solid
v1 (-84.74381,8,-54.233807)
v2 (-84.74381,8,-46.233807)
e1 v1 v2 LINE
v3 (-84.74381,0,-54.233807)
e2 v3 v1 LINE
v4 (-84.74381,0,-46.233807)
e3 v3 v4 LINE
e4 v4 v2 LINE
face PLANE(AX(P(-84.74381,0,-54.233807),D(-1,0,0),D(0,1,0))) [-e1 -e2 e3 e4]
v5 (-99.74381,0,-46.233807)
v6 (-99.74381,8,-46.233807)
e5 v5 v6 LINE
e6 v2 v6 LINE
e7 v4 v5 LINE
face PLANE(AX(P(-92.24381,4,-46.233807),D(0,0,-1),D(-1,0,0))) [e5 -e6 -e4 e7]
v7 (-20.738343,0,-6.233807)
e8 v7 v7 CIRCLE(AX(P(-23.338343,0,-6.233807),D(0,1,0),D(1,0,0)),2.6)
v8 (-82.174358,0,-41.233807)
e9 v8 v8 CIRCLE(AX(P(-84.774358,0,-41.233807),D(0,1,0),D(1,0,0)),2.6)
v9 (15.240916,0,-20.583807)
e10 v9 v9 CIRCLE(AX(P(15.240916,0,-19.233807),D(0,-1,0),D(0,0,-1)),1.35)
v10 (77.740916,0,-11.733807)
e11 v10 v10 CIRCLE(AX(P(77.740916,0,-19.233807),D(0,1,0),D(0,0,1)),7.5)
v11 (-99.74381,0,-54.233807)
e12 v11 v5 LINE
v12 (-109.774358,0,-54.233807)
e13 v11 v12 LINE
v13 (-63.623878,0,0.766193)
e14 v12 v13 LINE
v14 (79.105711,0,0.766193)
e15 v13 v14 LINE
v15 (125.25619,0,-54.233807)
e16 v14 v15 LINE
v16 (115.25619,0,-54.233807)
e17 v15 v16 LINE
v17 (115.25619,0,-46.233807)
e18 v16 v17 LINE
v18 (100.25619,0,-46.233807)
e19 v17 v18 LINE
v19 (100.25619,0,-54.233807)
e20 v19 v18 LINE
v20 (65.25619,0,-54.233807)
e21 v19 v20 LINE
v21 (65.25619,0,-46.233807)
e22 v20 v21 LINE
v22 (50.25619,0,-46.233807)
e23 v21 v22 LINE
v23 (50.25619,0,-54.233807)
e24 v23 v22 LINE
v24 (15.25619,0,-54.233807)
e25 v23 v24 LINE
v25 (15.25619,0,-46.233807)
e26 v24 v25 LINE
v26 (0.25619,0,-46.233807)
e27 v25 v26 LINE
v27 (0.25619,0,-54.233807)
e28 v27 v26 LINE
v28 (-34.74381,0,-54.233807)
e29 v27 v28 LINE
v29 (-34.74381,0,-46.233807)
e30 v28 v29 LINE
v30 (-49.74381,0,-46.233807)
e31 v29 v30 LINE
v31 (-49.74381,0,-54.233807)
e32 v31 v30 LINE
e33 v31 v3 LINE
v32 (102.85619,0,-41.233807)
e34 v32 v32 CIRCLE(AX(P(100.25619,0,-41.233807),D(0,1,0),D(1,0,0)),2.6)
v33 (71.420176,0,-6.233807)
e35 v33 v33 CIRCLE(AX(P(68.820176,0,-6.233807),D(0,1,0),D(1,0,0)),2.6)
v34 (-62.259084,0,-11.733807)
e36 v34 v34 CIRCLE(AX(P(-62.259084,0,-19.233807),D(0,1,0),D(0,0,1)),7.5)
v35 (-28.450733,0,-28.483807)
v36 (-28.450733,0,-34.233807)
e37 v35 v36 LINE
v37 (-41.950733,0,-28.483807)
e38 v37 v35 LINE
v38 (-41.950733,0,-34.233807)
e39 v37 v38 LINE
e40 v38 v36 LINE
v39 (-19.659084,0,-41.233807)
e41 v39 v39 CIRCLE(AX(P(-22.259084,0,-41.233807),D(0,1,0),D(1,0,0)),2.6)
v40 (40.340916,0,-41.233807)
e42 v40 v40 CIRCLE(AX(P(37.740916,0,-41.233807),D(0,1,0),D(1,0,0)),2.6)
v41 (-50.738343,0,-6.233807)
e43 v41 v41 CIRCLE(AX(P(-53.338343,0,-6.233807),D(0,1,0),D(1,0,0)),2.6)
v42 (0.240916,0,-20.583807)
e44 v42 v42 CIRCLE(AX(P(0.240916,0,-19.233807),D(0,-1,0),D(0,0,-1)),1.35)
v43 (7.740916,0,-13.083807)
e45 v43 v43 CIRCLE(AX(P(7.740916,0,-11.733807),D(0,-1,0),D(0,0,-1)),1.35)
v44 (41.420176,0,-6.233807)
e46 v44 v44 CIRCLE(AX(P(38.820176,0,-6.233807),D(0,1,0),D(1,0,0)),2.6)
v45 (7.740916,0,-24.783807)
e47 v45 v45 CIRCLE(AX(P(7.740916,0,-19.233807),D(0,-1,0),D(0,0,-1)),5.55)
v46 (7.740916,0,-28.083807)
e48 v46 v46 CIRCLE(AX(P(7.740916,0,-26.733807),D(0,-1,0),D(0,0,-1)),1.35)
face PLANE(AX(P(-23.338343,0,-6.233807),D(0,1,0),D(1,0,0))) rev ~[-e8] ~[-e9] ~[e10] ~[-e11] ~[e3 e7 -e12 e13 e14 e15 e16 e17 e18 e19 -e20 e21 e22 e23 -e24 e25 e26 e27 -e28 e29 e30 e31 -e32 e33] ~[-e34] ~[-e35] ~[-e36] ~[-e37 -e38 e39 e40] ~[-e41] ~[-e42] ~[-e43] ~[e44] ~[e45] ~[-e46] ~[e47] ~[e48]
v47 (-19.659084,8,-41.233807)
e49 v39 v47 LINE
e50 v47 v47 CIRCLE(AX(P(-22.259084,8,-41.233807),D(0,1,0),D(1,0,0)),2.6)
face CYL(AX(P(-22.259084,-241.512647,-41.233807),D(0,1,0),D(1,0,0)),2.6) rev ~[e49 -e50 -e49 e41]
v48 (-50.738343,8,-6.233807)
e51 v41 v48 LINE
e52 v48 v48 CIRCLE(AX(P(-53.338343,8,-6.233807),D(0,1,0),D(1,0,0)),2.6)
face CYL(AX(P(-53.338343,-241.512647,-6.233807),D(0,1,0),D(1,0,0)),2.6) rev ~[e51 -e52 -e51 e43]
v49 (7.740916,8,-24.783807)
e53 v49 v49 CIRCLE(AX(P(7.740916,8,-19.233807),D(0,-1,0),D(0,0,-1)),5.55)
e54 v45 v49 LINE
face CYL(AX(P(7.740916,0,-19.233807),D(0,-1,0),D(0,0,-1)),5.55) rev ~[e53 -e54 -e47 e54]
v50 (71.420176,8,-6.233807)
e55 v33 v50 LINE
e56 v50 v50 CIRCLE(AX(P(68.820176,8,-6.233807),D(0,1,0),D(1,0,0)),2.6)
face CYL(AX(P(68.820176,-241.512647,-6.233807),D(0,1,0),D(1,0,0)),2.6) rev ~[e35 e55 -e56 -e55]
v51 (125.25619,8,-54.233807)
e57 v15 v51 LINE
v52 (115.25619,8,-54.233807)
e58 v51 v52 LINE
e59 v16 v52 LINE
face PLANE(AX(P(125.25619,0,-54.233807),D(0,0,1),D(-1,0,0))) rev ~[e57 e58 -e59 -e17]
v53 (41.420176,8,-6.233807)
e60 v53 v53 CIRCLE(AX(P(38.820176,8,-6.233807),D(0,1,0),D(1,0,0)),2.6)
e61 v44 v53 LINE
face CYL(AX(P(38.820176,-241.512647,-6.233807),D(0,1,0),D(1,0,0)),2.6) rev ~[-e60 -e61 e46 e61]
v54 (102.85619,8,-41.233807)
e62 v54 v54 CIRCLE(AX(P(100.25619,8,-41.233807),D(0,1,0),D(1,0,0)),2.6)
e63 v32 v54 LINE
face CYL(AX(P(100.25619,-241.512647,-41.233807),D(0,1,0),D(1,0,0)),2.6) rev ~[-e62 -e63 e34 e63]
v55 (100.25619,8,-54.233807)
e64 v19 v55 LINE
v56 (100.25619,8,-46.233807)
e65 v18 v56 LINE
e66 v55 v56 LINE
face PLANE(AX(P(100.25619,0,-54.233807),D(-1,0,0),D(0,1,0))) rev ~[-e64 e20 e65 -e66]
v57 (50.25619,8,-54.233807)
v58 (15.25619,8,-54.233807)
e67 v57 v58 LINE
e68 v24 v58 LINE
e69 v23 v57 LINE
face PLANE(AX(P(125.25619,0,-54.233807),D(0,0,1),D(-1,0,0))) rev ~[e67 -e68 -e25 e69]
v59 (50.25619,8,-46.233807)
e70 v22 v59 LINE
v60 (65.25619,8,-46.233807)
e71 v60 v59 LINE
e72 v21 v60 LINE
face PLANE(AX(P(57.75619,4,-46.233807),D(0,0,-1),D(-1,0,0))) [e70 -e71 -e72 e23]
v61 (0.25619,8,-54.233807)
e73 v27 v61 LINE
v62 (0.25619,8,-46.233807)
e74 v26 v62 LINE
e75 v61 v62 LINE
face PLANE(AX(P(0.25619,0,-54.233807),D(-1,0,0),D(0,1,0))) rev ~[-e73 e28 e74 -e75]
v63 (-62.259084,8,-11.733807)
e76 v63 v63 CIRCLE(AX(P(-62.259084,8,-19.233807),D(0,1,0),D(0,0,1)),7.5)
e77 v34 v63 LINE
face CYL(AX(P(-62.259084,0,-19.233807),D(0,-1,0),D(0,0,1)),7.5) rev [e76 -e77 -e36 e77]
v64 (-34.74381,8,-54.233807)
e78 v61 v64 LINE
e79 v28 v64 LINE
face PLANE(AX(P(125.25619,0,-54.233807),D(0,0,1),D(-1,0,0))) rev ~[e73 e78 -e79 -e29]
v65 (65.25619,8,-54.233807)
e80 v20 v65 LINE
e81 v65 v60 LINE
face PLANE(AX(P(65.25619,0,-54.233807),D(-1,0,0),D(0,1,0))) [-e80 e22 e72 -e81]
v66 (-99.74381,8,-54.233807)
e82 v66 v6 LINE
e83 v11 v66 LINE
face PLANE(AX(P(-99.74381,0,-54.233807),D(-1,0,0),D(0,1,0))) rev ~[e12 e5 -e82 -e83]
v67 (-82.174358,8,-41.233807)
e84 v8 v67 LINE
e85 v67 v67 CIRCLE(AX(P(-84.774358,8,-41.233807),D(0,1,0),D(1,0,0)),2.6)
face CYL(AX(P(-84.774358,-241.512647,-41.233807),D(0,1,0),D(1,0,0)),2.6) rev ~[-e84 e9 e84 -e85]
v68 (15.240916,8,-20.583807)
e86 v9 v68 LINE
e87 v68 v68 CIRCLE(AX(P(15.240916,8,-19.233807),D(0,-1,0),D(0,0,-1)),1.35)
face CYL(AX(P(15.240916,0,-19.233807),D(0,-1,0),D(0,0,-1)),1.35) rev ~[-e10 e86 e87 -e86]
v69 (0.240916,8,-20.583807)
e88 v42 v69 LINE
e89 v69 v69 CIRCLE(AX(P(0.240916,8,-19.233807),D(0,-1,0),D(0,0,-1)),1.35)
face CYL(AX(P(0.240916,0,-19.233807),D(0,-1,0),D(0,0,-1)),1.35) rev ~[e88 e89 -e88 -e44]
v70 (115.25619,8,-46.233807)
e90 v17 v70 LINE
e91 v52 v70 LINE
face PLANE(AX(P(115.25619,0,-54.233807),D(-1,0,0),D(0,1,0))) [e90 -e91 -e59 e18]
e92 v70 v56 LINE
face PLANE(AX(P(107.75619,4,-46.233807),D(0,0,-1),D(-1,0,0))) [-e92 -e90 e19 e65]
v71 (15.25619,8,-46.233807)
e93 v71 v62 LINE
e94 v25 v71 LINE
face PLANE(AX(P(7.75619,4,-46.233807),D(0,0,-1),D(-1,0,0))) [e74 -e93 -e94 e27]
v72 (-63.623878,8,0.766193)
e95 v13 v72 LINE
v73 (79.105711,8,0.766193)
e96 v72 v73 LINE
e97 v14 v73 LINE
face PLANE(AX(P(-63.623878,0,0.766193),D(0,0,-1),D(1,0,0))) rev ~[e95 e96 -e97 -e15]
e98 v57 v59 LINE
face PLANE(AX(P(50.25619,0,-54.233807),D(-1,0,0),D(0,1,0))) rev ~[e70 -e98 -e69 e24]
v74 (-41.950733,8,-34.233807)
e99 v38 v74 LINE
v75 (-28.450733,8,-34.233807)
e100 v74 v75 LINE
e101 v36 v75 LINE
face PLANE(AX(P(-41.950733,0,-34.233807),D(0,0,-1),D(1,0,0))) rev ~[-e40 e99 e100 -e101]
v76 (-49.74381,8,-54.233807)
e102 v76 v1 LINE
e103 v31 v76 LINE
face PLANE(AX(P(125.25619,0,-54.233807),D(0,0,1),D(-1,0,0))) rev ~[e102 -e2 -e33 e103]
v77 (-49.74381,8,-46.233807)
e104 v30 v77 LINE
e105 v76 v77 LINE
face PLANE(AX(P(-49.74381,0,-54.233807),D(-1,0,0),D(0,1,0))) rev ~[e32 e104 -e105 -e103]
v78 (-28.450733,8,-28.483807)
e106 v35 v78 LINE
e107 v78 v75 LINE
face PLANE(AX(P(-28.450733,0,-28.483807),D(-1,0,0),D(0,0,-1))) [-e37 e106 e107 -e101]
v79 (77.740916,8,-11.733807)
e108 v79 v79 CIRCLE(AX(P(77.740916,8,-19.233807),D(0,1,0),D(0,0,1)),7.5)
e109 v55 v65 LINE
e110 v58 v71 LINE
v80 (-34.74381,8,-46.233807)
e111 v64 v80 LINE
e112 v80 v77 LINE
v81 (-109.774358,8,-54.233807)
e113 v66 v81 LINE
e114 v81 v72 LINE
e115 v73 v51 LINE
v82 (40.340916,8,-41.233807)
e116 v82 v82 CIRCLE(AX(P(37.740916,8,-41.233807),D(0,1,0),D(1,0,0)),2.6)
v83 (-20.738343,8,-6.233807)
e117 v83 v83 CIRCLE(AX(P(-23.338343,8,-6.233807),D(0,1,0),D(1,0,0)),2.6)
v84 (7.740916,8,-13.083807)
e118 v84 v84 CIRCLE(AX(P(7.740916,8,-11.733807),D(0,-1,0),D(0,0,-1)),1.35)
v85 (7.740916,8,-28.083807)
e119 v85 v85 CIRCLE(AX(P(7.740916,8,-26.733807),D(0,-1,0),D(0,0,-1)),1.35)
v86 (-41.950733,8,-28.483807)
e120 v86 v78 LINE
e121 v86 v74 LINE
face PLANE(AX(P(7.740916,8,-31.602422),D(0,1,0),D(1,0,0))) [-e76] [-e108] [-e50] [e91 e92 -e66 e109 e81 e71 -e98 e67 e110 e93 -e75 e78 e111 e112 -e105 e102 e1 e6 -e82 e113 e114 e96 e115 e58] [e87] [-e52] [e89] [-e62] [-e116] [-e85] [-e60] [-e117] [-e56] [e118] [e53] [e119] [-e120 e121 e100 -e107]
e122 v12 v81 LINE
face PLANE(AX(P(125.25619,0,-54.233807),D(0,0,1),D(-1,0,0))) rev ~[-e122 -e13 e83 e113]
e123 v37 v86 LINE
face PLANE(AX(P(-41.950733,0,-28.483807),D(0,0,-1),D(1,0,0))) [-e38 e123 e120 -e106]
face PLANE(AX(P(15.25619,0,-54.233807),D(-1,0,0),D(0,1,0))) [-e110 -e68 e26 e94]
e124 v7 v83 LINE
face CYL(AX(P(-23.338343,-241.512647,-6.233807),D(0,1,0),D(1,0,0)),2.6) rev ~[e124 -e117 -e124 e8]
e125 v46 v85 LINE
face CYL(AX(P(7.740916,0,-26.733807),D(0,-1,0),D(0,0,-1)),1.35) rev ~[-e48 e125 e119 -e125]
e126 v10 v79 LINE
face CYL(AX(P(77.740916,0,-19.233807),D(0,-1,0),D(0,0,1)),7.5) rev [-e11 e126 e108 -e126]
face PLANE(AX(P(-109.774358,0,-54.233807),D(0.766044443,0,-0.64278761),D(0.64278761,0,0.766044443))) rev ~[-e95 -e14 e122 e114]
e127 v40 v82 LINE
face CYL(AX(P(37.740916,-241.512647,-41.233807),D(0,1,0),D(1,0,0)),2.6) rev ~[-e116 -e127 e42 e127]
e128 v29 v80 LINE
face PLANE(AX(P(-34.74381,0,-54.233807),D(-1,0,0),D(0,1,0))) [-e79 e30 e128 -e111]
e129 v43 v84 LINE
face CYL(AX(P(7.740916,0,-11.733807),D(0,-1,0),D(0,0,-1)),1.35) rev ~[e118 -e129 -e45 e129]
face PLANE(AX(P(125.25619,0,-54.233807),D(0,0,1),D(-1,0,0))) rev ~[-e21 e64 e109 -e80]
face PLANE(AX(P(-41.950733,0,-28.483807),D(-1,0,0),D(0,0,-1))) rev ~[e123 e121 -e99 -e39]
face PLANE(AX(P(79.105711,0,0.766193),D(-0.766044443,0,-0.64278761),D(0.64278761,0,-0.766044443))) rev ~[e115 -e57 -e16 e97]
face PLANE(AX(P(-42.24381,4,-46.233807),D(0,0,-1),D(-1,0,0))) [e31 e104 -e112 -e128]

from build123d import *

# Parameters (mm, degrees)
IZIM1_R                              = 2.6821485
IZIM1_R_2                            = 2.780383132
IZIM1_R_3                            = 7.5
IZIM1_R_4                            = 5.187481638
IZIM1_W                              = 13.5
IZIM1_H                              = 5.75
IZIM1_R_5                            = 3.602615137
IZIM1_R_6                            = 4.041767392
Y_KSEKLIK_EKSTR_ZYON1_DEPTH          = 8
M5_HELISARMAL_I_IN_Z_VANA_MATKAB_2_D = 5.2
IZIM13_R                             = 5.55
IZIM13_R_2                           = 1.35
KES_EKSTR_ZYON5_DEPTH                = 10
IZIM14_W                             = 15
IZIM14_H                             = 8
KES_EKSTR_ZYON6_DEPTH                = 8


with BuildPart() as part:
    # Çizim1 → Yükseklik-Ekstrüzyon1 (new body)
    # profile 1 of 9: a face of its own
    with BuildSketch(Plane(origin=(0, 0, 0), x_dir=(1, 0, 0), z_dir=(0, 1, 0))):
        Polygon((-109.77435772, 54.233807267), (-63.623878006, -0.766192733), (7.740916272, -0.766192733), (79.105710549, -0.766192733), (125.256190264, 54.233807267), (7.740916272, 54.233807267), align=None)
        with Locations((-53.338342967, 6.233807267)):
            Circle(IZIM1_R, mode=Mode.SUBTRACT)
        with Locations((-23.338342967, 6.233807267)):
            Circle(IZIM1_R_2, mode=Mode.SUBTRACT)
        with Locations(Location((-62.259083728, 19.233807267, 0), (0, 0, 270))):
            Circle(IZIM1_R_3, mode=Mode.SUBTRACT)
        with Locations((38.820175511, 6.233807267)):
            Circle(IZIM1_R_2, mode=Mode.SUBTRACT)
        with Locations((68.820175511, 6.233807267)):
            Circle(IZIM1_R, mode=Mode.SUBTRACT)
        with Locations(Location((7.740916272, 19.233807267, 0), (0, 0, 270))):
            Circle(IZIM1_R_4, mode=Mode.SUBTRACT)
        with Locations(Location((77.740916272, 19.233807267, 0), (0, 0, 270))):
            Circle(IZIM1_R_3, mode=Mode.SUBTRACT)
        with Locations((-35.200733135, 31.358807267)):
            Rectangle(IZIM1_W, IZIM1_H, mode=Mode.SUBTRACT)
        with Locations((-84.77435772, 41.233807267)):
            Circle(IZIM1_R_5, mode=Mode.SUBTRACT)
        with Locations((-22.259083728, 41.233807267)):
            Circle(IZIM1_R_6, mode=Mode.SUBTRACT)
        with Locations((37.740916272, 41.233807267)):
            Circle(IZIM1_R_6, mode=Mode.SUBTRACT)
        with Locations((100.256190264, 41.233807267)):
            Circle(IZIM1_R_5, mode=Mode.SUBTRACT)
    # profile 2 of 9: a face of its own
    with BuildSketch(Plane(origin=(0, 0, 0), x_dir=(1, 0, 0), z_dir=(0, 1, 0))):
        with Locations((-84.77435772, 41.233807267)):
            Circle(IZIM1_R_5)
    # profile 3 of 9: a face of its own
    with BuildSketch(Plane(origin=(0, 0, 0), x_dir=(1, 0, 0), z_dir=(0, 1, 0))):
        with Locations((-22.259083728, 41.233807267)):
            Circle(IZIM1_R_6)
    # profile 4 of 9: a face of its own
    with BuildSketch(Plane(origin=(0, 0, 0), x_dir=(1, 0, 0), z_dir=(0, 1, 0))):
        with Locations((37.740916272, 41.233807267)):
            Circle(IZIM1_R_6)
    # profile 5 of 9: a face of its own
    with BuildSketch(Plane(origin=(0, 0, 0), x_dir=(1, 0, 0), z_dir=(0, 1, 0))):
        with Locations((100.256190264, 41.233807267)):
            Circle(IZIM1_R_5)
    # profile 6 of 9: a face of its own
    with BuildSketch(Plane(origin=(0, 0, 0), x_dir=(1, 0, 0), z_dir=(0, 1, 0))):
        with Locations((68.820175511, 6.233807267)):
            Circle(IZIM1_R)
    # profile 7 of 9: a face of its own
    with BuildSketch(Plane(origin=(0, 0, 0), x_dir=(1, 0, 0), z_dir=(0, 1, 0))):
        with Locations((38.820175511, 6.233807267)):
            Circle(IZIM1_R_2)
    # profile 8 of 9: a face of its own
    with BuildSketch(Plane(origin=(0, 0, 0), x_dir=(1, 0, 0), z_dir=(0, 1, 0))):
        with Locations((-53.338342967, 6.233807267)):
            Circle(IZIM1_R)
    # profile 9 of 9: a face of its own
    with BuildSketch(Plane(origin=(0, 0, 0), x_dir=(1, 0, 0), z_dir=(0, 1, 0))):
        with Locations((-23.338342967, 6.233807267)):
            Circle(IZIM1_R_2)
    extrude(amount=Y_KSEKLIK_EKSTR_ZYON1_DEPTH)

    # M5 Helisarmal için Zıvana matkabı2 (through all)
    with Locations(Plane(origin=(0, 0, 0), x_dir=(-1, 0, 0), z_dir=(0, -1, 0))):
        with Locations((-68.820175511, 6.233807267), (-38.820175511, 6.233807267), (-37.740916272, 41.233807267), (-100.256190264, 41.233807267), (22.259083728, 41.233807267), (23.338342967, 6.233807267), (53.338342967, 6.233807267), (84.77435772, 41.233807267)):
            Hole(M5_HELISARMAL_I_IN_Z_VANA_MATKAB_2_D / 2)

    # Çizim13 → Kes-Ekstrüzyon5 (cut)
    with BuildSketch(Plane.XZ):
        with Locations(Location((7.740916272, -19.233807267, 0), (0, 0, 270))):
            Circle(IZIM13_R)
        with Locations(Location((15.240916272, -19.233807267, 0), (0, 0, 270))):
            Circle(IZIM13_R_2)
        with Locations(Location((7.740916272, -26.733807267, 0), (0, 0, 270))):
            Circle(IZIM13_R_2)
        with Locations(Location((0.240916272, -19.233807267, 0), (0, 0, 270))):
            Circle(IZIM13_R_2)
        with Locations(Location((7.740916272, -11.733807267, 0), (0, 0, 270))):
            Circle(IZIM13_R_2)
    extrude(amount=-KES_EKSTR_ZYON5_DEPTH, mode=Mode.SUBTRACT)

    # Çizim14 → Kes-Ekstrüzyon6 (cut)
    with BuildSketch(Plane(origin=(0, 0, -54.233807267), x_dir=(-1, 0, 0), z_dir=(0, 0, -1))):
        with Locations((-107.756190264, 4)):
            Rectangle(IZIM14_W, IZIM14_H)
        with Locations((-57.756190264, 4)):
            Rectangle(IZIM14_W, IZIM14_H)
        with Locations((-7.756190264, 4)):
            Rectangle(IZIM14_W, IZIM14_H)
        with Locations((42.243809736, 4)):
            Rectangle(IZIM14_W, IZIM14_H)
        with Locations((92.243809736, 4)):
            Rectangle(IZIM14_W, IZIM14_H)
    extrude(amount=-KES_EKSTR_ZYON6_DEPTH, mode=Mode.SUBTRACT)


solid = part.part
